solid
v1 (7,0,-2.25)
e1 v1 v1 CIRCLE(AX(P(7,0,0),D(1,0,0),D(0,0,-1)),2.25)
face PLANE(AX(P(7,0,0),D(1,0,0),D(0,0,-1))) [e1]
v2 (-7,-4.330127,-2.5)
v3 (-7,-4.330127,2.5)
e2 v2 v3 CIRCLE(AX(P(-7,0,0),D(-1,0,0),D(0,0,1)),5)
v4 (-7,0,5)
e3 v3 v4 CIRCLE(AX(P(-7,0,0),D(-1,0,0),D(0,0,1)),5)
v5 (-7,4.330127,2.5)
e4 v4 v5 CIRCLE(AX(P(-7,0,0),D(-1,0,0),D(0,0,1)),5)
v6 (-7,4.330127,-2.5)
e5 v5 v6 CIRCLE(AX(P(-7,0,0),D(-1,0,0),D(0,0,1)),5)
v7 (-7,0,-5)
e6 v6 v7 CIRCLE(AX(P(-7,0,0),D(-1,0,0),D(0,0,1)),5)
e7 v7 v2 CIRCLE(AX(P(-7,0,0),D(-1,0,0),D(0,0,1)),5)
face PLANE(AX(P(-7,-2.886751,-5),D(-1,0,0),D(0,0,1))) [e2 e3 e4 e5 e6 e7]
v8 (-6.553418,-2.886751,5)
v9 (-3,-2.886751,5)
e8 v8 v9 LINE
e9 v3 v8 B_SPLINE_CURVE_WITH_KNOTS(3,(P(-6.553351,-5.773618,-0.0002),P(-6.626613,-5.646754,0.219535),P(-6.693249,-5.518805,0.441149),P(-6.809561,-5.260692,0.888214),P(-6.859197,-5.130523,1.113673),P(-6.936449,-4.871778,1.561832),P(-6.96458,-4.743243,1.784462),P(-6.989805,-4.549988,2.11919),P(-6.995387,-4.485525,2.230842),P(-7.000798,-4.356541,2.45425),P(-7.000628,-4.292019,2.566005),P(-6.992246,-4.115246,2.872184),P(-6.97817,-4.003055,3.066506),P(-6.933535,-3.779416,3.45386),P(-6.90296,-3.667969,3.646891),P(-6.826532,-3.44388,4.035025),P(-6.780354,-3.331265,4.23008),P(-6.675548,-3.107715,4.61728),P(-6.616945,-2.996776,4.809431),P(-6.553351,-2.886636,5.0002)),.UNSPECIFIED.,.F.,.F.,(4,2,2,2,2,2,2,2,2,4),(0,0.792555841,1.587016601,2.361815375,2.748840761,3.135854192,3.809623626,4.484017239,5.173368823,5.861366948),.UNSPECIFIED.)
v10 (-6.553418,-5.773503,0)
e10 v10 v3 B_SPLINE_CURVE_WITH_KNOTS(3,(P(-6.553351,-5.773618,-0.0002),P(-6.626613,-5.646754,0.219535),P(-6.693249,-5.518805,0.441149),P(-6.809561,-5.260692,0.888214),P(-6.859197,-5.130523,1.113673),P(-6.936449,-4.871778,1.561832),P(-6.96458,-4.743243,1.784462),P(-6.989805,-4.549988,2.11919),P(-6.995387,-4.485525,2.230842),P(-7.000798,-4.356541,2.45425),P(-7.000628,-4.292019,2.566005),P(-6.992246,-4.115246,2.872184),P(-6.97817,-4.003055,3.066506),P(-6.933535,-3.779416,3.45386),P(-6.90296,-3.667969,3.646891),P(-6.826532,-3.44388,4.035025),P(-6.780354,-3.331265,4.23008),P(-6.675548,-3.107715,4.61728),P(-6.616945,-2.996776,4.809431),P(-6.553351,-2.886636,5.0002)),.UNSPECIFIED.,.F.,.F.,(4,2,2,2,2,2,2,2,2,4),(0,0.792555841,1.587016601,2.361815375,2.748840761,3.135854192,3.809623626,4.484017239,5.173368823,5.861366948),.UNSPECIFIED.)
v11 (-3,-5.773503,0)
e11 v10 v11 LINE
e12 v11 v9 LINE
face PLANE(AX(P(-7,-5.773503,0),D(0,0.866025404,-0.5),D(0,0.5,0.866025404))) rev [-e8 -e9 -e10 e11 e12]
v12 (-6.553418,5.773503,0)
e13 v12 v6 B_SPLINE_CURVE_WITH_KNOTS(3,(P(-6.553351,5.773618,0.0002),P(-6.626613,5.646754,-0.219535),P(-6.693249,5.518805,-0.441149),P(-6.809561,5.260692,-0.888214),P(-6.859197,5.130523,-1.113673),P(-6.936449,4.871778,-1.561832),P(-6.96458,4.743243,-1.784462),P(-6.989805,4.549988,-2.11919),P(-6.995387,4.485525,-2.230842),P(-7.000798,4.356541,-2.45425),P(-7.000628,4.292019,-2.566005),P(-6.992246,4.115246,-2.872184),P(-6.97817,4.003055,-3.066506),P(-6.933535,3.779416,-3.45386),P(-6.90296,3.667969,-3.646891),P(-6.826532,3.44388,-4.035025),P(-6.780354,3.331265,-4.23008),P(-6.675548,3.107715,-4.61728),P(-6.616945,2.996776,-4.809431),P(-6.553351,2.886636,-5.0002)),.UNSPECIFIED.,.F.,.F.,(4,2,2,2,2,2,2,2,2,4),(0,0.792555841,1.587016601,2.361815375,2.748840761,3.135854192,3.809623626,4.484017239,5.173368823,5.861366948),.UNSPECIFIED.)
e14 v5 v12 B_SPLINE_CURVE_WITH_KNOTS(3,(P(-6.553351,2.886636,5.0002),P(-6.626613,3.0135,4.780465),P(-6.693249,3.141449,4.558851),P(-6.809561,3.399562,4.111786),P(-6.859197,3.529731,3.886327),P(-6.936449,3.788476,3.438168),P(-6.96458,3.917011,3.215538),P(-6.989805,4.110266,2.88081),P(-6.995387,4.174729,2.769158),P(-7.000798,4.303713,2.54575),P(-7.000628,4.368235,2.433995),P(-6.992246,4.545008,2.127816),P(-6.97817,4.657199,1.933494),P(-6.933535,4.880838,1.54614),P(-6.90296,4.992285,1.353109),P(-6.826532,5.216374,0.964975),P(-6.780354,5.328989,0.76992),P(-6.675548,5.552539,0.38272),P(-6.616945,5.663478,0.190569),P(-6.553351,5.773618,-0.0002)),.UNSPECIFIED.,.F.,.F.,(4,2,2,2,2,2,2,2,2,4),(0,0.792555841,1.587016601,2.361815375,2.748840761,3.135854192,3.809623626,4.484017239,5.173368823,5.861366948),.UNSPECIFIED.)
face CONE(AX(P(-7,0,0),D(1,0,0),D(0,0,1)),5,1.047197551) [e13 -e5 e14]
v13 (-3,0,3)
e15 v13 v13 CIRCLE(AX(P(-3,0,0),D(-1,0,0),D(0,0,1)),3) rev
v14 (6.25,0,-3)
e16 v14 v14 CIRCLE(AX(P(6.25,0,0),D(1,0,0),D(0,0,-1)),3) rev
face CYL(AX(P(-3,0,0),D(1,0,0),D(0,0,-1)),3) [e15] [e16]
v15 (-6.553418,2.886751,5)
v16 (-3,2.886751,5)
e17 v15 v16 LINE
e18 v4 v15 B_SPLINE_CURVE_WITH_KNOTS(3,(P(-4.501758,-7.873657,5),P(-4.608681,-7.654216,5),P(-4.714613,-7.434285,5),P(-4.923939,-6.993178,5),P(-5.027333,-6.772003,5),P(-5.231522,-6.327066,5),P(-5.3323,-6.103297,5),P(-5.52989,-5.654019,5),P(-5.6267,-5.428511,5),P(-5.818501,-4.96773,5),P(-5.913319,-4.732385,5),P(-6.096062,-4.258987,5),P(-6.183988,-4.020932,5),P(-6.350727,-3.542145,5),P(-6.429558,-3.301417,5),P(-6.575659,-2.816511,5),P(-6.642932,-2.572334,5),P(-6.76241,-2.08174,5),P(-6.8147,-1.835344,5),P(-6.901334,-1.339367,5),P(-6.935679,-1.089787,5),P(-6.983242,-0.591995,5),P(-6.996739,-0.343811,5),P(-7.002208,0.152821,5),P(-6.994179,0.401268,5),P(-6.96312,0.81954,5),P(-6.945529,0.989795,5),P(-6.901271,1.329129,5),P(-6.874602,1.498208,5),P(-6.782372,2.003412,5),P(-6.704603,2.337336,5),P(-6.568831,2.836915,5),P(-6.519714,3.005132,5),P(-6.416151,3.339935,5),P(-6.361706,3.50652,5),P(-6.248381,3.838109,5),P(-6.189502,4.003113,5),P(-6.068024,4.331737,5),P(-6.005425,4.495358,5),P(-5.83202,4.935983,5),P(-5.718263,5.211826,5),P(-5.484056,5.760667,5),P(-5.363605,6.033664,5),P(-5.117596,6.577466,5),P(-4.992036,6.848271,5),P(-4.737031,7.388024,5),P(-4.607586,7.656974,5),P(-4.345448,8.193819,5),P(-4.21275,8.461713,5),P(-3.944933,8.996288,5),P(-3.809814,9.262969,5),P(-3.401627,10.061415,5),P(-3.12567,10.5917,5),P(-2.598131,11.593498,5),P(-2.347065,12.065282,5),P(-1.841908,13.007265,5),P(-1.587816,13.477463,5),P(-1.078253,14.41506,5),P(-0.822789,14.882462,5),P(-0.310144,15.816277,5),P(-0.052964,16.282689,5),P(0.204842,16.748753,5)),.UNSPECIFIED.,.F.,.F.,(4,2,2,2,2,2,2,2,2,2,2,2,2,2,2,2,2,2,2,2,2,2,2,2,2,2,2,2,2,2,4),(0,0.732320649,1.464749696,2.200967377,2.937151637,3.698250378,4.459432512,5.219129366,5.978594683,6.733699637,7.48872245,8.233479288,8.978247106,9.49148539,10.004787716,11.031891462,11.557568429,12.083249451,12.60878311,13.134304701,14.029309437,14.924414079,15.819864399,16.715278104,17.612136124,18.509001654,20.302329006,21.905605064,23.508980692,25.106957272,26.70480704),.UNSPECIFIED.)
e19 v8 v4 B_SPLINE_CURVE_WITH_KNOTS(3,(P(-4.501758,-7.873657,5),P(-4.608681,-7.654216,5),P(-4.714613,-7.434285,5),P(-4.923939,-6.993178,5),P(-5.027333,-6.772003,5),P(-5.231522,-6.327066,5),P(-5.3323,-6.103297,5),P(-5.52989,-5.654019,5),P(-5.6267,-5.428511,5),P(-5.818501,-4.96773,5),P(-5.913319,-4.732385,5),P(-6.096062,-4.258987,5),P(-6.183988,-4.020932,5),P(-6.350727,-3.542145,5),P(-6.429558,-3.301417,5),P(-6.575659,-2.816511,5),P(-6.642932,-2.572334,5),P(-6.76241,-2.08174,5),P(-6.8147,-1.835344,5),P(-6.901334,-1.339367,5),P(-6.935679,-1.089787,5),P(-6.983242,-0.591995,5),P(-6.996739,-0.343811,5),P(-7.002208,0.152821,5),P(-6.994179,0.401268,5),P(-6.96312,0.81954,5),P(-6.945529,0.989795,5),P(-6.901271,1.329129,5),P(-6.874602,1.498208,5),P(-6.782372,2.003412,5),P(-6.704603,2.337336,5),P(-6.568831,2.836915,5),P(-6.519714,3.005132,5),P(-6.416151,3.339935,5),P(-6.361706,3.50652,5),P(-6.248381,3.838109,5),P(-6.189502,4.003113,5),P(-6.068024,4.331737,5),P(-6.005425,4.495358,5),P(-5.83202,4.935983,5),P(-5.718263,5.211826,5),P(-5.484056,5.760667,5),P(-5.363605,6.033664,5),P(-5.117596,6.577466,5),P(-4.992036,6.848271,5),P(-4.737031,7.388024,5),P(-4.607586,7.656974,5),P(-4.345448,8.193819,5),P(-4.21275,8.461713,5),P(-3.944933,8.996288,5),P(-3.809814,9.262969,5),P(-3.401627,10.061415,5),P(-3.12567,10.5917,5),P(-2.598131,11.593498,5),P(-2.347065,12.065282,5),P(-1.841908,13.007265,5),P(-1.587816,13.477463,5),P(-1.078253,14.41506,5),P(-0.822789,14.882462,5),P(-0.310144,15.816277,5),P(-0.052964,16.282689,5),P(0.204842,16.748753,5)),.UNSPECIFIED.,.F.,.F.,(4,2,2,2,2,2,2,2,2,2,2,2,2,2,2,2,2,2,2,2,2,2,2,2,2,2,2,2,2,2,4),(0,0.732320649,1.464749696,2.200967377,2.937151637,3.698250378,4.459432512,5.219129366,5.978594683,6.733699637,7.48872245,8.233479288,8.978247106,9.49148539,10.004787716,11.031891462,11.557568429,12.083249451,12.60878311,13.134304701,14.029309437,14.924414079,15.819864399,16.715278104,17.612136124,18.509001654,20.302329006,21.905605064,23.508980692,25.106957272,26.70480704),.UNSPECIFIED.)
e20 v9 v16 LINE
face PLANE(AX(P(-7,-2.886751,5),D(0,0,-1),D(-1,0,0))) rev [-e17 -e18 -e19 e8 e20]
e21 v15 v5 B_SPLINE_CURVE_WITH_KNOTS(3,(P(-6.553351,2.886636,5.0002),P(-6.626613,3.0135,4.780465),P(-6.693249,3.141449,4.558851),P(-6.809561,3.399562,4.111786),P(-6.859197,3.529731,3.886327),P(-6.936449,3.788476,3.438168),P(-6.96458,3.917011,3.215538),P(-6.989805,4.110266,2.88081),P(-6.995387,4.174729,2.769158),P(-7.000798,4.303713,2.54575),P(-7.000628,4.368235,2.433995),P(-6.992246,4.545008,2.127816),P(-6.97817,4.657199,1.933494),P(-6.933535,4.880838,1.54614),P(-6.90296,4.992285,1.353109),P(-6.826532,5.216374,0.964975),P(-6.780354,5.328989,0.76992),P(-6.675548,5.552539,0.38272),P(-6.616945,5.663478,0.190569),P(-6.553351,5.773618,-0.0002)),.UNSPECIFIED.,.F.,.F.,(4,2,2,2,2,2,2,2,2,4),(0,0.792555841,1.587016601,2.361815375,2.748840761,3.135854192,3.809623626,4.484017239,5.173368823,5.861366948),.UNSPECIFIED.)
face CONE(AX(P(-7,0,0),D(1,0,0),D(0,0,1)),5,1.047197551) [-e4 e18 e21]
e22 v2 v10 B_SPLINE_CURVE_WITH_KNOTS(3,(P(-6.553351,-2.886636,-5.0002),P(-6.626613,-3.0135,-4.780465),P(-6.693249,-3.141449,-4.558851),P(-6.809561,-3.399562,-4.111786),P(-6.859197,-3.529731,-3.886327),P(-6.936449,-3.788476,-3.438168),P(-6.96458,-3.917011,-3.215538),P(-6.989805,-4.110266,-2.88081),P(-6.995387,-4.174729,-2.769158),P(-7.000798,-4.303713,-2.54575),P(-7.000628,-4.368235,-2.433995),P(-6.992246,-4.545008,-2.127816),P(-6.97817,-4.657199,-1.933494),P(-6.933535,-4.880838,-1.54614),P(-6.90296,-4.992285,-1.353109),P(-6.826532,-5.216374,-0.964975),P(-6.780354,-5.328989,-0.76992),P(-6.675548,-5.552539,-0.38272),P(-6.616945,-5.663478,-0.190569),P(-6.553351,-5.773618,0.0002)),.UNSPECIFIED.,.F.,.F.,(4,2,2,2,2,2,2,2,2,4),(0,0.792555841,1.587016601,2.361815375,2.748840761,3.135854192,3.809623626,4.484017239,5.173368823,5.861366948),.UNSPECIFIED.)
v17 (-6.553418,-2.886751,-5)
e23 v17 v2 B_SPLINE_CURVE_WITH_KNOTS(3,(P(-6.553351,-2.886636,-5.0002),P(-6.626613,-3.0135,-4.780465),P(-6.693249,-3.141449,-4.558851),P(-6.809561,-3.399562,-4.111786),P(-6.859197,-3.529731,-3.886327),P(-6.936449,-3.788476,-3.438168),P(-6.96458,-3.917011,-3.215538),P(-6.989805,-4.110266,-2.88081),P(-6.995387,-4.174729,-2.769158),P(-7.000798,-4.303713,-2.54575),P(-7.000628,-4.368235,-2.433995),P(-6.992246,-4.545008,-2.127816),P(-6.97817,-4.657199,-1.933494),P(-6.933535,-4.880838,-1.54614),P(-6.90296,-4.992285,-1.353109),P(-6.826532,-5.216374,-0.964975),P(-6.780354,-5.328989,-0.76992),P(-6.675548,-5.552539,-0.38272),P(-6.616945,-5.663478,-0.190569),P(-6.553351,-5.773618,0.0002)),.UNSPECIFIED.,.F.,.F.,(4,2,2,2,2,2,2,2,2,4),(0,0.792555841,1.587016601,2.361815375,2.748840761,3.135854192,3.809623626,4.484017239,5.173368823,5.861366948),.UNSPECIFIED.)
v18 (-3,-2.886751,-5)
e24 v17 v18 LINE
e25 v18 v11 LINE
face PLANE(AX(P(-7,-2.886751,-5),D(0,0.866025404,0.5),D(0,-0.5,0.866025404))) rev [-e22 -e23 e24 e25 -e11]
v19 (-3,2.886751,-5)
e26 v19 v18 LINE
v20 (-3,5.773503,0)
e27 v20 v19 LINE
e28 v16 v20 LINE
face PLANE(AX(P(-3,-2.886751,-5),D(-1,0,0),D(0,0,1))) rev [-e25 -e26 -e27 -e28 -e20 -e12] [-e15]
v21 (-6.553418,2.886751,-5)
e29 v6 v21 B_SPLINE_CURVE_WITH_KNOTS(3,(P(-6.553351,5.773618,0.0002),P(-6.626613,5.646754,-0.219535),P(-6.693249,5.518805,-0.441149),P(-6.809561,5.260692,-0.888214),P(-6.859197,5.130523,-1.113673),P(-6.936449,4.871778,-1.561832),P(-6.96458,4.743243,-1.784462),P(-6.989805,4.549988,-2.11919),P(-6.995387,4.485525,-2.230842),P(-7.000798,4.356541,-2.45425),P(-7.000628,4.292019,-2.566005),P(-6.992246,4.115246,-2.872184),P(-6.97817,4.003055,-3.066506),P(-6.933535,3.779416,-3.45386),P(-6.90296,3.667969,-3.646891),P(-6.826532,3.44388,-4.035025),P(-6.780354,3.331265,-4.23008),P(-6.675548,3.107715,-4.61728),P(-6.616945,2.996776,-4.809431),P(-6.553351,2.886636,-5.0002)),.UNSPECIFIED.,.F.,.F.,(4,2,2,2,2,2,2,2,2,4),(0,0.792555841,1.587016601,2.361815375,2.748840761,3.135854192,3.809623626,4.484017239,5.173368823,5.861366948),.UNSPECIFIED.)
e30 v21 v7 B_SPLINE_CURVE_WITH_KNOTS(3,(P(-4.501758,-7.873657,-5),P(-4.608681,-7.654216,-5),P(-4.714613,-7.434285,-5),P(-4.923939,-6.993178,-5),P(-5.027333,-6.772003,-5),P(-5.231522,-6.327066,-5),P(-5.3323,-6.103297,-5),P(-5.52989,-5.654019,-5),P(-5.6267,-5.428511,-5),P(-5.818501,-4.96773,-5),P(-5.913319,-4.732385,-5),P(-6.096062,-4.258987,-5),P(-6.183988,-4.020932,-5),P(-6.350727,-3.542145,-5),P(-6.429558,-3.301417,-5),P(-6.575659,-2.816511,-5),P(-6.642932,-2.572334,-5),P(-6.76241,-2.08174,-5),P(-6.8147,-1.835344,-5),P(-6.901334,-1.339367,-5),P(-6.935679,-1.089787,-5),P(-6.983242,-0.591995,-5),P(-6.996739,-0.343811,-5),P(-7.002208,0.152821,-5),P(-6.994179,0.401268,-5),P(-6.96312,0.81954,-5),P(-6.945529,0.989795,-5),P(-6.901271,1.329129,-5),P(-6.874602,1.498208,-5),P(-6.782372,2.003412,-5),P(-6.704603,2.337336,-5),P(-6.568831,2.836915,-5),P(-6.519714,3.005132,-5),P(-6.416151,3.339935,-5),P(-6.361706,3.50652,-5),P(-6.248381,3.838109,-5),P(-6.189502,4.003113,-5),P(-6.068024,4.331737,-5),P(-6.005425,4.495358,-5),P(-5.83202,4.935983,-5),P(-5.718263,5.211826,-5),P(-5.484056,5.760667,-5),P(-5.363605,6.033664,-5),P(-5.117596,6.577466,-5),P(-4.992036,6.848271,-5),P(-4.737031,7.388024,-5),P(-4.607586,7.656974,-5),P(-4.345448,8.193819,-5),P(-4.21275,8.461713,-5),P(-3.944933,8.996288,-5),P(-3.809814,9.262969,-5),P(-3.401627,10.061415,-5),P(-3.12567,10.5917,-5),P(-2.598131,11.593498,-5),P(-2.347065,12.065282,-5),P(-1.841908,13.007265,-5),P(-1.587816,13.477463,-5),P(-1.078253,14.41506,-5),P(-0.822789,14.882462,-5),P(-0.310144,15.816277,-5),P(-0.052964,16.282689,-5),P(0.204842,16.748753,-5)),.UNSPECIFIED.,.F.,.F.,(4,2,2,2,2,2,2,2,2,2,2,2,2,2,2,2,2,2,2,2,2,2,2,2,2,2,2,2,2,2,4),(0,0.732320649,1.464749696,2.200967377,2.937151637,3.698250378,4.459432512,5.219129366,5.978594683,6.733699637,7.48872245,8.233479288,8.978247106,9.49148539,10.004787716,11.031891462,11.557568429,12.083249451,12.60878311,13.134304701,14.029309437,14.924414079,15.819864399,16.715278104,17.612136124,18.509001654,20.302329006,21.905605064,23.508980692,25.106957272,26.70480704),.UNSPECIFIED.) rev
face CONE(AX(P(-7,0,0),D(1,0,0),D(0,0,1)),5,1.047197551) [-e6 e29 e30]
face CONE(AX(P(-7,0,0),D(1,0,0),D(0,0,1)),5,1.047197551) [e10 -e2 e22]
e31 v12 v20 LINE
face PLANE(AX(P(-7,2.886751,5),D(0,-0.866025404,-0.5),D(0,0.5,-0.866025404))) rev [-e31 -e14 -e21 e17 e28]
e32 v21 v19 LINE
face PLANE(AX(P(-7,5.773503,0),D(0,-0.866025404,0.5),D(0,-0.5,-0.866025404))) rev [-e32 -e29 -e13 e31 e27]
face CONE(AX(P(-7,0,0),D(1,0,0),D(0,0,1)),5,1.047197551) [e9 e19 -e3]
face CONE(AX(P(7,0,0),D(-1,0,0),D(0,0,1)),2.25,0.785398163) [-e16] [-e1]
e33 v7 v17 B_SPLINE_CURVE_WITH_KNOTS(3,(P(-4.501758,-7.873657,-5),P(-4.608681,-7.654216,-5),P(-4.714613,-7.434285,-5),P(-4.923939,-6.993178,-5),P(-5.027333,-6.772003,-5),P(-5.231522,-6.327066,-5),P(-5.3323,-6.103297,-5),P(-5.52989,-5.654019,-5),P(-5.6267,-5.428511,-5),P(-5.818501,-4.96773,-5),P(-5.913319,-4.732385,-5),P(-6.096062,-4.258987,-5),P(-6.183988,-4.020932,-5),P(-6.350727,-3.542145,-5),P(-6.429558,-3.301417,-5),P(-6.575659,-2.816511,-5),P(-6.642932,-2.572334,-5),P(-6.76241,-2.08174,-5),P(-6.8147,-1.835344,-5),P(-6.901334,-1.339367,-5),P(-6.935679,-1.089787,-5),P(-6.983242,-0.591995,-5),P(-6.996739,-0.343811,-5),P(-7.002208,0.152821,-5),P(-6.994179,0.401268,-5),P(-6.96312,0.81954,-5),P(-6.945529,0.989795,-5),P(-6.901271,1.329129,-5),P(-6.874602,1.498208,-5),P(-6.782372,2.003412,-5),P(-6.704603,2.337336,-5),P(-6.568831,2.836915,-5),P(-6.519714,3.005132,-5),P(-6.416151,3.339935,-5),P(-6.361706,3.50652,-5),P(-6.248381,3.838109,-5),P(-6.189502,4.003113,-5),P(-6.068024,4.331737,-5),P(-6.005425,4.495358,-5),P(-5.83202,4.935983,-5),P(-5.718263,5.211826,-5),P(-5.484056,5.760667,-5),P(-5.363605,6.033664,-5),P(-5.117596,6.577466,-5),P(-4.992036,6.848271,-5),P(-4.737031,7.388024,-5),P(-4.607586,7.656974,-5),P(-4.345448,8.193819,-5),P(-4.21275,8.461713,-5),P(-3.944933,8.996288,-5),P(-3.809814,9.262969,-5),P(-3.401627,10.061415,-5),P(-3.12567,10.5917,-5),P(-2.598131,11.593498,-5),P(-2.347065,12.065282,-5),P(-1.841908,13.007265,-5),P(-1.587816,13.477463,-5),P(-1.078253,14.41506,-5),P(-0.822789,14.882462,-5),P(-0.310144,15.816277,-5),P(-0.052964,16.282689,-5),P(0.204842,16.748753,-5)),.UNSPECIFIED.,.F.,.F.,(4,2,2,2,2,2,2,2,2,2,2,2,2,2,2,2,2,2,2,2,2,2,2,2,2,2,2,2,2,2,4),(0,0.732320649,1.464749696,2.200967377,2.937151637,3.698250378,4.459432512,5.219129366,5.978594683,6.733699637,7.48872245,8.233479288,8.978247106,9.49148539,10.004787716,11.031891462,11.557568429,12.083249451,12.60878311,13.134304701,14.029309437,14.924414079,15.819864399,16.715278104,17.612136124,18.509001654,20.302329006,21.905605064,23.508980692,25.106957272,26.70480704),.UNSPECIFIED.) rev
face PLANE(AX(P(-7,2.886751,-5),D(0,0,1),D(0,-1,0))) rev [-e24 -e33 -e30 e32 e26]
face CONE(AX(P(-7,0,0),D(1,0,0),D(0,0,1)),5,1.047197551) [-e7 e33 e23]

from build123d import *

# Parameters (mm, degrees)
SKETCH2_R           = 3
BOSS_EXTRUDE1_DEPTH = 10
CHAMFER1_SIZE       = 0.75
BOSS_EXTRUDE2_DEPTH = 4
SKETCH6_OUTSIDE_W   = 68.106
SKETCH6_OUTSIDE_H   = 69.654
SKETCH6_OUTSIDE_R   = 5
CUT_EXTRUDE1_DEPTH  = 15
CUT_EXTRUDE1_TAPER  = 60


with BuildPart() as part:
    # Sketch2 → Boss-Extrude1 (new body)
    with BuildSketch(Plane(origin=(7, 0, 0), x_dir=(0, 0, -1), z_dir=(1, 0, 0))):
        Circle(SKETCH2_R)
    extrude(amount=-BOSS_EXTRUDE1_DEPTH)

    # Chamfer1
    chamfer1_edges = [part.edges().sort_by_distance(p)[0] for p in [
        (7, 0, 3),
    ]]
    chamfer(chamfer1_edges, length=CHAMFER1_SIZE)

    # Sketch3 → Boss-Extrude2 (add)
    with BuildSketch(Plane.ZY.offset(3)):
        Polygon((-5, -2.886751346), (0, -5.773502692), (5, -2.886751346), (5, 2.886751346), (0, 5.773502692), (-5, 2.886751346), align=None)
    extrude(amount=BOSS_EXTRUDE2_DEPTH)

    # Sketch6 outside → Cut-Extrude1 (cut, through all)
    with BuildSketch(Plane.ZY.offset(7)):
        Rectangle(SKETCH6_OUTSIDE_W, SKETCH6_OUTSIDE_H)
        Circle(SKETCH6_OUTSIDE_R, mode=Mode.SUBTRACT)
    extrude(amount=-CUT_EXTRUDE1_DEPTH, taper=CUT_EXTRUDE1_TAPER, mode=Mode.SUBTRACT)


solid = part.part
